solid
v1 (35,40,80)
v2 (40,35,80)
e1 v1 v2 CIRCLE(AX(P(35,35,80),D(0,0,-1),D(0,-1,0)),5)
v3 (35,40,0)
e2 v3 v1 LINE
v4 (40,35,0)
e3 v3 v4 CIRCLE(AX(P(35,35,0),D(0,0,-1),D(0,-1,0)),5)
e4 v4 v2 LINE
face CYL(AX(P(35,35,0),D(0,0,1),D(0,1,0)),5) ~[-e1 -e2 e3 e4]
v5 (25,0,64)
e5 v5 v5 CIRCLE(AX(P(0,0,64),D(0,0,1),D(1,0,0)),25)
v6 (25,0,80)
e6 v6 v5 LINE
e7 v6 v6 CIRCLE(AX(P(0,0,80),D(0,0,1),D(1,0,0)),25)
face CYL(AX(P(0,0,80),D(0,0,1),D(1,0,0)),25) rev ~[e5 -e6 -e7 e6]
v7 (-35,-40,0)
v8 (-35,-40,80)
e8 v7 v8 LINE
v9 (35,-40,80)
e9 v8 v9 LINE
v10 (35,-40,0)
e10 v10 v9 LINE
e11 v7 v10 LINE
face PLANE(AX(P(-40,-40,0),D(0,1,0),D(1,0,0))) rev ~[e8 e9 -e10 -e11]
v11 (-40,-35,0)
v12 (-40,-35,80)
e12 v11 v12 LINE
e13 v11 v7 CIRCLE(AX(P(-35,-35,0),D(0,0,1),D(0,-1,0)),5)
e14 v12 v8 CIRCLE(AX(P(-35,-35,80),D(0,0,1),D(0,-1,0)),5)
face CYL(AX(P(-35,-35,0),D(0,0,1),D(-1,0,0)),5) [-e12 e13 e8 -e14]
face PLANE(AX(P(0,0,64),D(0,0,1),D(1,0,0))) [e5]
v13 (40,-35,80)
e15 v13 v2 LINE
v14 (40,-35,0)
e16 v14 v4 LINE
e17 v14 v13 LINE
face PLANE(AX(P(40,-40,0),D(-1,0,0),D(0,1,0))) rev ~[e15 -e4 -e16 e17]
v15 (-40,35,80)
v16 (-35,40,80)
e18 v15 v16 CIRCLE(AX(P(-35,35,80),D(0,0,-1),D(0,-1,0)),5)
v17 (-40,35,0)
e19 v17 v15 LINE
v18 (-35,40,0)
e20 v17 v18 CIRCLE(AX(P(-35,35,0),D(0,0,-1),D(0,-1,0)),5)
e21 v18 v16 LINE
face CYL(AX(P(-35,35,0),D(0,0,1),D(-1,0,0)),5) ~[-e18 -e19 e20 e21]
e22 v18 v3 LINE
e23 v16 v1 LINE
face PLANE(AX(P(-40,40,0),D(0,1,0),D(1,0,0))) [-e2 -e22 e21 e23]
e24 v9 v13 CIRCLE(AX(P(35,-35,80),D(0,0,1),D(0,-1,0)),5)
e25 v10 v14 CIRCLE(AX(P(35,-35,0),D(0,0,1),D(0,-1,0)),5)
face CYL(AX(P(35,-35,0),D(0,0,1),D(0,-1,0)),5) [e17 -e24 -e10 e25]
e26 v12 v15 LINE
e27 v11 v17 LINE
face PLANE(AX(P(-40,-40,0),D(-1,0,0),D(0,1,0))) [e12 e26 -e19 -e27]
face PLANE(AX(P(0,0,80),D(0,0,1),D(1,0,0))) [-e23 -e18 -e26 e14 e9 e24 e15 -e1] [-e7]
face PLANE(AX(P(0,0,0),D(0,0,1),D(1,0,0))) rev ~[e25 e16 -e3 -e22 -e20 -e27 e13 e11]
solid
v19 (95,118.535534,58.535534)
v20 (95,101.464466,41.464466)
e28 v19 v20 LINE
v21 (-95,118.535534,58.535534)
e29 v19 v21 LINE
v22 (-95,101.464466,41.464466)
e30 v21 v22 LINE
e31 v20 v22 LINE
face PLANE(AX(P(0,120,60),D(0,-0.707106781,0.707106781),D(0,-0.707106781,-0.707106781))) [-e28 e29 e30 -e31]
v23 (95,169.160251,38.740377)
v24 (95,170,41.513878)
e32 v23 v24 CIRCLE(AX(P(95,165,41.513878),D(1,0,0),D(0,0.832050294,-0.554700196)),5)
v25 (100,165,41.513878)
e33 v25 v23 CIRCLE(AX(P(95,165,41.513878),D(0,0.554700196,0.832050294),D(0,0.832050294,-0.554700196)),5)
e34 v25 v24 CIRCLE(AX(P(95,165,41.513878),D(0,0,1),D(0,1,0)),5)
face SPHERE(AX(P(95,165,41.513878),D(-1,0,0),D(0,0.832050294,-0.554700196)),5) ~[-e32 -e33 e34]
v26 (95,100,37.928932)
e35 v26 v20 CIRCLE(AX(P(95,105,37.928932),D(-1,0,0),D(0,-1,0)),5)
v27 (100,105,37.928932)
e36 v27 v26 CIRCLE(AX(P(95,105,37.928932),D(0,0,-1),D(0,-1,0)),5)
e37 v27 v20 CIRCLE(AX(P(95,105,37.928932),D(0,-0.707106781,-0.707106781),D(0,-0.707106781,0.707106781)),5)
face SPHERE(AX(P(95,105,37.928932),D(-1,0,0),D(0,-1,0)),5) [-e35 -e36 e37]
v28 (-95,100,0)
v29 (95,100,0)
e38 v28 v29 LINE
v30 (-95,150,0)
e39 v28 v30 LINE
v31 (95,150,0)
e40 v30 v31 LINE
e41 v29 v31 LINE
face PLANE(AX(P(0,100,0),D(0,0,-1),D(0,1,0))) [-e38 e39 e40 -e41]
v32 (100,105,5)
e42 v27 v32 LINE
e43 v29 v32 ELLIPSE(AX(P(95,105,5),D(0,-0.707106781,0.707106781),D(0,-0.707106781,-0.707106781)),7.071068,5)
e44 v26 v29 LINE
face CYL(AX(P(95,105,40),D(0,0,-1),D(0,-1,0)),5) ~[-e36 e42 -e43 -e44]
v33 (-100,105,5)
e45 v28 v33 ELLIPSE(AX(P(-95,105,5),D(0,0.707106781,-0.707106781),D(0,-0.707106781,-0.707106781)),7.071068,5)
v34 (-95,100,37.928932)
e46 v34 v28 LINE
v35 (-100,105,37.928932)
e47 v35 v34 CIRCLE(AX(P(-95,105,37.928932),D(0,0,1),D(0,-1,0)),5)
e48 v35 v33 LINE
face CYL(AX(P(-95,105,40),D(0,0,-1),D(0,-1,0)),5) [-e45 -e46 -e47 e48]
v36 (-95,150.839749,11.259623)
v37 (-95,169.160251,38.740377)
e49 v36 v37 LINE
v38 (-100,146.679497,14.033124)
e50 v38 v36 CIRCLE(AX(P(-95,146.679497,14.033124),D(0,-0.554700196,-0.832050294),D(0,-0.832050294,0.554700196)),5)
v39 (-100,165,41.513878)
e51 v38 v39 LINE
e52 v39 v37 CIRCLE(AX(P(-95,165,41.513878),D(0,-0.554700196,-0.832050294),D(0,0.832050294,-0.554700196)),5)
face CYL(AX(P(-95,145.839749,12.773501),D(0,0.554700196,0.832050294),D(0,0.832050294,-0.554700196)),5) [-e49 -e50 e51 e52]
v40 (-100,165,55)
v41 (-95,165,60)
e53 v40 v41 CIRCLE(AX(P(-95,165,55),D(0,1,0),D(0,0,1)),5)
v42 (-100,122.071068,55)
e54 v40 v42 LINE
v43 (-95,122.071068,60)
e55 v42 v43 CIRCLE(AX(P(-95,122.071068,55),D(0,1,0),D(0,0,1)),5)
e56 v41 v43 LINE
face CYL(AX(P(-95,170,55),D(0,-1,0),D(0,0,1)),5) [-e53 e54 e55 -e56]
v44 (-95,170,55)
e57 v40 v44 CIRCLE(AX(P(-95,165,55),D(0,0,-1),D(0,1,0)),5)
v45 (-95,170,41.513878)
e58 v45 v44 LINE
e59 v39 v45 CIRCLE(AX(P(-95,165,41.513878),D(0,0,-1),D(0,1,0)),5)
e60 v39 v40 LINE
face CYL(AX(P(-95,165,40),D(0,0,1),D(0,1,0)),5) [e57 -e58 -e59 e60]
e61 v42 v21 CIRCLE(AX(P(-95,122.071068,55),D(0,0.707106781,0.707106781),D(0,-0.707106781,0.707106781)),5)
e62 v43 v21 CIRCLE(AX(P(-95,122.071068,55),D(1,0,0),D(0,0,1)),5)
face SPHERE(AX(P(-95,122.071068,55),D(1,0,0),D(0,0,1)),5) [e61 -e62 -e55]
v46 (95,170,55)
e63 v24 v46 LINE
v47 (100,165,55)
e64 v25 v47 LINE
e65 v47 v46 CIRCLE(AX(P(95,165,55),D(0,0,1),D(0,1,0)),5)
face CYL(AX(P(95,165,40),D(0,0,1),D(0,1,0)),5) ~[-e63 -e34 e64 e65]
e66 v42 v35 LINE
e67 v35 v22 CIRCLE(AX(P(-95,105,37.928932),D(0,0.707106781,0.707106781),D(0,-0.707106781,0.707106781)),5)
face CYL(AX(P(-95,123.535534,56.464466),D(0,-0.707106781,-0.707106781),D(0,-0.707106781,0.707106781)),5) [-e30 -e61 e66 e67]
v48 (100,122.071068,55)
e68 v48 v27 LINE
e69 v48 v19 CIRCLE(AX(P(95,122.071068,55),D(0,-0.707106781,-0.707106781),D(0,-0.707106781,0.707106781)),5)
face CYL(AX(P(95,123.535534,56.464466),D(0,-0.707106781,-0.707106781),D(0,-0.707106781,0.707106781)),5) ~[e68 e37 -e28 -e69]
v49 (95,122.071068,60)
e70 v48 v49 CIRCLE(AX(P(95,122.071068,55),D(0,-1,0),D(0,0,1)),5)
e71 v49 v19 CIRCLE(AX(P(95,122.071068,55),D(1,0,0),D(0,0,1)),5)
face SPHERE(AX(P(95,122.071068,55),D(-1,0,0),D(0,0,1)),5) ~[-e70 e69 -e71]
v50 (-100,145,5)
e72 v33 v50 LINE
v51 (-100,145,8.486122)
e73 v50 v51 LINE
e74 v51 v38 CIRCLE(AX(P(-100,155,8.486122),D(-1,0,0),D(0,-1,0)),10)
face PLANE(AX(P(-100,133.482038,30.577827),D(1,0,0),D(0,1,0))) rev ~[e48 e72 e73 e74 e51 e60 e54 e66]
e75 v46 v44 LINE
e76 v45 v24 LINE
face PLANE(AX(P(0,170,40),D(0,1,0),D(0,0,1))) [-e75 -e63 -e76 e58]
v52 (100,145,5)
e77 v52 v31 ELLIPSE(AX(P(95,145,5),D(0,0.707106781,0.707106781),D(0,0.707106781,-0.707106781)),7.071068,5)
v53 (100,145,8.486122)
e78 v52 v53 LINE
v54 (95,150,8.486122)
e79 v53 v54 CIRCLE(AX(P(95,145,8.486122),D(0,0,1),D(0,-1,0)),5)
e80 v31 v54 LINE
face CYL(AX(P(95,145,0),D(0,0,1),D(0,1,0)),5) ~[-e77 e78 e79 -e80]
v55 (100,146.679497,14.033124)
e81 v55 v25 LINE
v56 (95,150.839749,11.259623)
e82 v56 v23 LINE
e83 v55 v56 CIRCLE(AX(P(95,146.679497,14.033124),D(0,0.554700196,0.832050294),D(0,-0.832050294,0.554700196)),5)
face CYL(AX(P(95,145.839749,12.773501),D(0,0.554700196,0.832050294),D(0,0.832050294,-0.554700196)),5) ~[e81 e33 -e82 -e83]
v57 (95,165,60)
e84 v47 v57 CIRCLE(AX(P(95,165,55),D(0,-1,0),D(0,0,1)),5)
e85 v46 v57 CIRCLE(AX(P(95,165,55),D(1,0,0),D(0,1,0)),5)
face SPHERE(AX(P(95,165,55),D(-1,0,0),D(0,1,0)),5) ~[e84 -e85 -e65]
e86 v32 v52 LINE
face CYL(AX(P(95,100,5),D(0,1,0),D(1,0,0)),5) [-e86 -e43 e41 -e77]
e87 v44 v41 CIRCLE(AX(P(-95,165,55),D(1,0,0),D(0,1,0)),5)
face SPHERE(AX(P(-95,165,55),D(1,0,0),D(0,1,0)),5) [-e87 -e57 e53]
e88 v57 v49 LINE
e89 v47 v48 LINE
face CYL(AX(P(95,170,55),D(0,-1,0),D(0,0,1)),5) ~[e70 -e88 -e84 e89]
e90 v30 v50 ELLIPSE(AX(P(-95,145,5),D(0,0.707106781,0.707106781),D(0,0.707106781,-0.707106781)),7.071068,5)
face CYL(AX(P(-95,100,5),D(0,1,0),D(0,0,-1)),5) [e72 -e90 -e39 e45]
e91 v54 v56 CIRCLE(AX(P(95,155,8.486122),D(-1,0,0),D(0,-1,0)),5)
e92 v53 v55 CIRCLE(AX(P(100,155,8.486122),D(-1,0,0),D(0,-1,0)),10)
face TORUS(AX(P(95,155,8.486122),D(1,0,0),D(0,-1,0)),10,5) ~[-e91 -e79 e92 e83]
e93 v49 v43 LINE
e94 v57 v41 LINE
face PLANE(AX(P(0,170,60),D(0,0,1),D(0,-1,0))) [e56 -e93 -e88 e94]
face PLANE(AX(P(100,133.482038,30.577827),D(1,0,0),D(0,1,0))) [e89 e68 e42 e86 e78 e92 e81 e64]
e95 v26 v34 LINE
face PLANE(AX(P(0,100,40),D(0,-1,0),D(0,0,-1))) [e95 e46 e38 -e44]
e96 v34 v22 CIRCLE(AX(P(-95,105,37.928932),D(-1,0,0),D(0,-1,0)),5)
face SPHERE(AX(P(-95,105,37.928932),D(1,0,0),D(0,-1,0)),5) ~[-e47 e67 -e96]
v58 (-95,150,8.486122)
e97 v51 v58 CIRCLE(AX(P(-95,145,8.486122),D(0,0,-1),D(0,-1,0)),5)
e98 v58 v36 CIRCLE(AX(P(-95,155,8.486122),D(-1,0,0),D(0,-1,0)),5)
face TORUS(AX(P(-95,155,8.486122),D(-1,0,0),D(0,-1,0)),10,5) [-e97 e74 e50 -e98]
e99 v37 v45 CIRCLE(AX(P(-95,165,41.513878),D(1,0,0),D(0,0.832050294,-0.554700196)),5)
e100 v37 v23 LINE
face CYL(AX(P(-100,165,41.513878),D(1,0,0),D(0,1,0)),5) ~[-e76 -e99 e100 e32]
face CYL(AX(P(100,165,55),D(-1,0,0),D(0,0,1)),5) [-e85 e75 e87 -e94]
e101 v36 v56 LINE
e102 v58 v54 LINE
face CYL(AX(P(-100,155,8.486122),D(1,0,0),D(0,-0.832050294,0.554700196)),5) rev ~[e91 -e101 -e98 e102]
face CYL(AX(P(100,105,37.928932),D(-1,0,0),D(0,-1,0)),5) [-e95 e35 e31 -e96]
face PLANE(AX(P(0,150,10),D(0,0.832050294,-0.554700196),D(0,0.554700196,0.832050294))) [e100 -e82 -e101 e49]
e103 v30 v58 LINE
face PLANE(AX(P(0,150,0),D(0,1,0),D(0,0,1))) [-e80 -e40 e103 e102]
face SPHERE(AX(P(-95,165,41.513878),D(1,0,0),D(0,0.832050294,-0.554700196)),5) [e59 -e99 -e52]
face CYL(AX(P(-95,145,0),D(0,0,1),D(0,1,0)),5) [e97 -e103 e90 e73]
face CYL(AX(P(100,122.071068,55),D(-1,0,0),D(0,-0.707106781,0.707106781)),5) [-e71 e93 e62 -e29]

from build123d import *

# Parameters (mm, degrees)
F0_W          = 80
F0_H          = 80
F1_DEPTH      = 80
F2_R          = 25
F3_DEPTH      = 16
F4_R          = 5
F6_DEPTH      = 100
F6_DEPTH_BACK = 100
F7_R          = 5


with BuildPart() as f1:
    # F0 (on Top) → F1 (new body)
    with BuildSketch(Plane.XY):
        Rectangle(F0_W, F0_H)
    extrude(amount=F1_DEPTH)

    # F2 (on face) → F3 (cut)
    with BuildSketch(Plane.XY.offset(80)):
        Circle(F2_R)
    extrude(amount=-F3_DEPTH, mode=Mode.SUBTRACT)

    # F4
    f4_edges = [f1.edges().sort_by_distance(p)[0] for p in [
        (-40, -40, 40),
        (-40, 40, 40),
        (40, 40, 40),
        (40, -40, 40),
    ]]
    fillet(f4_edges, radius=F4_R)


with BuildPart() as f6:
    # F5 (on Right) → F6 (new body, two sides)
    with BuildSketch(Plane.YZ) as f6_sk:
        Polygon((100, 40), (100, 0), (150, 0), (150, 10), (170, 40), (170, 60), (120, 60), align=None)
    extrude(amount=F6_DEPTH)
    extrude(f6_sk.sketch, amount=-F6_DEPTH_BACK)

    # F7
    f7_edges = [f6.edges().sort_by_distance(p)[0] for p in [
        (0, 100, 40),
        (0, 120, 60),
        (0, 170, 60),
        (0, 170, 40),
        (0, 150, 10),
        (100, 100, 20),
        (100, 125, 0),
        (100, 150, 5),
        (100, 160, 25),
        (100, 170, 50),
        (100, 145, 60),
        (100, 110, 50),
        (-100, 100, 20),
        (-100, 125, 0),
        (-100, 150, 5),
        (-100, 160, 25),
        (-100, 170, 50),
        (-100, 145, 60),
        (-100, 110, 50),
    ]]
    fillet(f7_edges, radius=F7_R)


solid = Compound([f1.part, f6.part])
